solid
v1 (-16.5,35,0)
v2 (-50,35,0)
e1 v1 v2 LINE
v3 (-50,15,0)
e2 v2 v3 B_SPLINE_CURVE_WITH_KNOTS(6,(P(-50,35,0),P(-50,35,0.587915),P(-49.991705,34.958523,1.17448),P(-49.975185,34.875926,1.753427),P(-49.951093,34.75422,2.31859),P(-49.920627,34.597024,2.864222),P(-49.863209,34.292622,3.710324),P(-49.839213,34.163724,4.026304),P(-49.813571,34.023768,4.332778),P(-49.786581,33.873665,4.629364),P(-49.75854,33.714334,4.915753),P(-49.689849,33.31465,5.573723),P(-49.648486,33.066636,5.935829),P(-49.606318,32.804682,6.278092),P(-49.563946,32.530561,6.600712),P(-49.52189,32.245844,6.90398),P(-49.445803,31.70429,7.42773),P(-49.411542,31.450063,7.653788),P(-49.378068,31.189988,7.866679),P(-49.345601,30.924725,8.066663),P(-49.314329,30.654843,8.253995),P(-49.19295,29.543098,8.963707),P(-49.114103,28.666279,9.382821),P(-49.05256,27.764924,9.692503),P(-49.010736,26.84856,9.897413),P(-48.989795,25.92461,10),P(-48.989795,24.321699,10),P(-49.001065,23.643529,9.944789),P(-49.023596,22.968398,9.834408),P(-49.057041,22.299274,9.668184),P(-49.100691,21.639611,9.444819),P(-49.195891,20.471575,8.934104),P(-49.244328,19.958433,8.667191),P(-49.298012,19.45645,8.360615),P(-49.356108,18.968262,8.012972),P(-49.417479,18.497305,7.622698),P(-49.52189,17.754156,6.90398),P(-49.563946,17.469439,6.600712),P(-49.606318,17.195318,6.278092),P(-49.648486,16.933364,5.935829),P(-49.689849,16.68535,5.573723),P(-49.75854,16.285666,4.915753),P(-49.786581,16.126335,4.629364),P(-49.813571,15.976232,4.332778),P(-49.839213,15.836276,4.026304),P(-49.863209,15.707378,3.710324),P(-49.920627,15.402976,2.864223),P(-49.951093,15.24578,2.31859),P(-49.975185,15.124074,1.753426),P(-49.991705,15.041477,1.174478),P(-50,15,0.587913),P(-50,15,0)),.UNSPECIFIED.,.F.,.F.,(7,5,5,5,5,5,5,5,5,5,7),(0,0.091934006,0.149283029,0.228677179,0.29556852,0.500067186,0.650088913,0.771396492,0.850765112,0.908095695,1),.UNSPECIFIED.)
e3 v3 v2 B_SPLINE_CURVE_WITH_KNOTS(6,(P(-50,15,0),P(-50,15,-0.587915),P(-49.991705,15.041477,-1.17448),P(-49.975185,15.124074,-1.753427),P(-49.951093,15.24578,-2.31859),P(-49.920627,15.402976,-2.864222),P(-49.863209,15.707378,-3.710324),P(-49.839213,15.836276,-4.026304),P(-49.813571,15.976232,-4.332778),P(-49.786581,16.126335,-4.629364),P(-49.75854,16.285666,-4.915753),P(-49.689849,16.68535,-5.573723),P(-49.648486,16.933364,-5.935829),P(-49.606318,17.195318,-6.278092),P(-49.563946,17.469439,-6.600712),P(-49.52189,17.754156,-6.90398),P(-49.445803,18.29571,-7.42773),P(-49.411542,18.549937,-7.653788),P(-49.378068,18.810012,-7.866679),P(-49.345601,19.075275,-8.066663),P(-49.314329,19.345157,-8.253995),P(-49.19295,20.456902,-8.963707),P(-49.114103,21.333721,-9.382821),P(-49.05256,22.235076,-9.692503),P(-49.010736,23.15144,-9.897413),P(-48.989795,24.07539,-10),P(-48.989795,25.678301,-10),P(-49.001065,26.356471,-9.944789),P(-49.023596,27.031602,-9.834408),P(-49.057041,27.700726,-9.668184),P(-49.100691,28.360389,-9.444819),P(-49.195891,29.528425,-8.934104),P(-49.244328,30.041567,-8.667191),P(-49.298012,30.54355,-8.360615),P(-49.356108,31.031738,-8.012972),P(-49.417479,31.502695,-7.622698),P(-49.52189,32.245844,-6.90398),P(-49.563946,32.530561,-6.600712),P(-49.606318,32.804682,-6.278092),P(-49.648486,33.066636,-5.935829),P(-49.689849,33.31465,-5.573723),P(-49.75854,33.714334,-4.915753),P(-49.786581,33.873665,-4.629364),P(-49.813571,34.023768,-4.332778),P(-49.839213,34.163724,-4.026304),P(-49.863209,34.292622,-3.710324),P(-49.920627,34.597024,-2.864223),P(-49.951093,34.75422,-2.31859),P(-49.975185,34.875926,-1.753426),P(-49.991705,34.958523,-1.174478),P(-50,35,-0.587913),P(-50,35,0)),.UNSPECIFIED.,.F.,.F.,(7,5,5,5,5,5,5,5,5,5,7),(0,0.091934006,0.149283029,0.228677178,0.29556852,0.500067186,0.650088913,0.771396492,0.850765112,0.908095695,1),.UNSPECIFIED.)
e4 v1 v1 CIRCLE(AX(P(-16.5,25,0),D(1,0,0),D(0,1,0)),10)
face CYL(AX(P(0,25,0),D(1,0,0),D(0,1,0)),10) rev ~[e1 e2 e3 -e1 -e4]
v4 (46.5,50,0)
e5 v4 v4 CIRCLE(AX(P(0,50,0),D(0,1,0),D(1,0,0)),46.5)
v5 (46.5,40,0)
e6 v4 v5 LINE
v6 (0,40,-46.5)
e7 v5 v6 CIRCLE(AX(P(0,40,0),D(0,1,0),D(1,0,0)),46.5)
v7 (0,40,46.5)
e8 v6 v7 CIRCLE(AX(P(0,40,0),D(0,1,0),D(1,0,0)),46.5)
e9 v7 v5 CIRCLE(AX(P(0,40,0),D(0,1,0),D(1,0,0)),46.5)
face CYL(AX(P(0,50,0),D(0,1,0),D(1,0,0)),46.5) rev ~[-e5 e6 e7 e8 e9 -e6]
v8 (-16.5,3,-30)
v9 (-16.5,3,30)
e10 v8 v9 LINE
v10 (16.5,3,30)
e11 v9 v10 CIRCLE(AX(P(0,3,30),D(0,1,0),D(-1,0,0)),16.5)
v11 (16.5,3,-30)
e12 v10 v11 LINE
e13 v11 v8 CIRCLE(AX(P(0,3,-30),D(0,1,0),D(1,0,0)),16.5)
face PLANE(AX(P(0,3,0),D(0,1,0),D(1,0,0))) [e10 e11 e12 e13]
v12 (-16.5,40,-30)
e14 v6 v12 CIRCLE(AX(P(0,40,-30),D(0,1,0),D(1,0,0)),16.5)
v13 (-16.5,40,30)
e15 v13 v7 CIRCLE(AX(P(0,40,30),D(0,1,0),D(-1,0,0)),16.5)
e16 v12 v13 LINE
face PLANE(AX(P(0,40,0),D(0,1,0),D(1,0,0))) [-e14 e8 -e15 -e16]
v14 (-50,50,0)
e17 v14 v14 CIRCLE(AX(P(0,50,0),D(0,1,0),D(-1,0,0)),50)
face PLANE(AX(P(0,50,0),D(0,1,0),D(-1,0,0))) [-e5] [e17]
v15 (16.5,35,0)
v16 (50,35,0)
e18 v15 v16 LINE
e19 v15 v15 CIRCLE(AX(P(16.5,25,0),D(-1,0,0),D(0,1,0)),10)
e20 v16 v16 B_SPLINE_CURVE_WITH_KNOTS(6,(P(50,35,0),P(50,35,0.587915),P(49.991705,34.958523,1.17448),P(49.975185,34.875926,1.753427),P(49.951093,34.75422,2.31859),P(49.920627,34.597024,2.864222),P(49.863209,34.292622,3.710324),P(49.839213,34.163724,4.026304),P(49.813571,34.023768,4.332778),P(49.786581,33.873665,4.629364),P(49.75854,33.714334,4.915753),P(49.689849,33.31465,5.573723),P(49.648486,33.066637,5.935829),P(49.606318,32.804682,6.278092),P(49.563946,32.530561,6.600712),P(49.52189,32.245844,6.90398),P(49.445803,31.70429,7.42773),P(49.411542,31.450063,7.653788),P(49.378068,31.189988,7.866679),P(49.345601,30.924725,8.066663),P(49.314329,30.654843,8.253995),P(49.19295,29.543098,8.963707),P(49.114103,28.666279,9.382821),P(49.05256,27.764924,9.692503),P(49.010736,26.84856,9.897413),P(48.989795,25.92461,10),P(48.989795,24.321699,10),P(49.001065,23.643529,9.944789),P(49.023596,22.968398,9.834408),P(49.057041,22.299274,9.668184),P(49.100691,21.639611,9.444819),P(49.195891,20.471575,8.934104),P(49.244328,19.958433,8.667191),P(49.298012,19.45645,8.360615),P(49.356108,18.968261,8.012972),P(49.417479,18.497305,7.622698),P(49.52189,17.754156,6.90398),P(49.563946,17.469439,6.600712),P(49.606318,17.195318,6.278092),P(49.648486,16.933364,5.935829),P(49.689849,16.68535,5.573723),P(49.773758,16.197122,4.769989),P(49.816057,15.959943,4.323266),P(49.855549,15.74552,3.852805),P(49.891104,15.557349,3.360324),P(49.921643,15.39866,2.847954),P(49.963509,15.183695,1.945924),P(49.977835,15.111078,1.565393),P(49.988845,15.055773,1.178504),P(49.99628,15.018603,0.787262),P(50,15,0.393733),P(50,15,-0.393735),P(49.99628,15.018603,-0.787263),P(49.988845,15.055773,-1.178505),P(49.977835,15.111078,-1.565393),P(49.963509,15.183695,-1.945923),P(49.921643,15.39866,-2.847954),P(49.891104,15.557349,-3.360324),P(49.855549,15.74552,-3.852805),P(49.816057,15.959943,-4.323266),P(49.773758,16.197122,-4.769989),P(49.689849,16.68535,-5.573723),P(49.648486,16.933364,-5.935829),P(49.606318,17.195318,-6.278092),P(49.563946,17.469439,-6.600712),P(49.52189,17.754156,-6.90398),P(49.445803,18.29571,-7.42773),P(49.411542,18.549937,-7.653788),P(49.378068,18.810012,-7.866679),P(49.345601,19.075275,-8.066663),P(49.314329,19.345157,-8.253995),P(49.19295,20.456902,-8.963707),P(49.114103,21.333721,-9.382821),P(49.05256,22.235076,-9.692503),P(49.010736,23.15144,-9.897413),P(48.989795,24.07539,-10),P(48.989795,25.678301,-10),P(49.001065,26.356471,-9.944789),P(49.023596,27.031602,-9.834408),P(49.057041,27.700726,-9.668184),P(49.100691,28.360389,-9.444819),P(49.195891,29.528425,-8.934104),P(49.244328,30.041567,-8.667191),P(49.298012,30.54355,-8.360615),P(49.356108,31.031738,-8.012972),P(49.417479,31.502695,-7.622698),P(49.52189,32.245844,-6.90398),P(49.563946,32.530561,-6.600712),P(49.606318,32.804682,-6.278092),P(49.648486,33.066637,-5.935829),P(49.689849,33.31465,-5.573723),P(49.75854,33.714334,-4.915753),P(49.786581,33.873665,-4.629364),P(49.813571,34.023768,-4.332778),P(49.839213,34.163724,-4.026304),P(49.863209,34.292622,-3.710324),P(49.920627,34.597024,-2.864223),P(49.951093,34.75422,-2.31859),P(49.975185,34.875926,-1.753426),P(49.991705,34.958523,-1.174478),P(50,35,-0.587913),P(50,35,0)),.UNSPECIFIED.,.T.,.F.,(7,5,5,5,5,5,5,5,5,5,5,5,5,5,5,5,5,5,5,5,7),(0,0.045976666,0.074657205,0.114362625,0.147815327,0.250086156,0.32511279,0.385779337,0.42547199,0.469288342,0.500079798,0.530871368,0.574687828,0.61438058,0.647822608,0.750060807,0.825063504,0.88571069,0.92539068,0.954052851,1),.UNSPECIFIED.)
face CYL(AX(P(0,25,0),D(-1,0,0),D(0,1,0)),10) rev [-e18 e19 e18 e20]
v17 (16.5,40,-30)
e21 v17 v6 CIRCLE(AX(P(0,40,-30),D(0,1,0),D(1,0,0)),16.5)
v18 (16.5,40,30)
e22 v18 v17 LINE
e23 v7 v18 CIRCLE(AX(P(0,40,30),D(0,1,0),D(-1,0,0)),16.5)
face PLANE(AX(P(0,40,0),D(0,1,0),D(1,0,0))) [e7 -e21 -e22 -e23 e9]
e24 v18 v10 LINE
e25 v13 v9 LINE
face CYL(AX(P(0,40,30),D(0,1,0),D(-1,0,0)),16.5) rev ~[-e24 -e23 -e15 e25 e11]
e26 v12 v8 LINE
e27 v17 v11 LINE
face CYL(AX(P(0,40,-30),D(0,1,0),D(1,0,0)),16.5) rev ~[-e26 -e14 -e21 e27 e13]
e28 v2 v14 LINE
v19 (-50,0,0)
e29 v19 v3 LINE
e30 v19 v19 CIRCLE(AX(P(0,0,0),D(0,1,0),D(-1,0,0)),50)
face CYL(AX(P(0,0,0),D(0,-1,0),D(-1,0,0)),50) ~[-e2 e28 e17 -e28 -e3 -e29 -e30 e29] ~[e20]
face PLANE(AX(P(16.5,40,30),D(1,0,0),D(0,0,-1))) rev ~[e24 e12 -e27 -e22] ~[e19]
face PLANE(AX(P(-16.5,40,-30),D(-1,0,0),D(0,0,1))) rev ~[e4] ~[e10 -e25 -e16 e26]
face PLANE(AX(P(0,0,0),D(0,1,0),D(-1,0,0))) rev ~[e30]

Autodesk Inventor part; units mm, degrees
ref_plane "YZ Plane" through (0, 0, 0) normal (1, 0, 0) x (0, 1, 0)
ref_plane "XZ Plane" through (0, 0, 0) normal (0, 1, 0) x (-1, 0, 0)
ref_plane "XY Plane" through (0, 0, 0) normal (0, 0, 1) x (1, 0, 0)
sketch "Sketch1" plane through (0, 0, 0) normal (0, 1, 0) x (-1, 0, 0)
  circle A0 centre (0, 0) radius 50
  dimension "d0" = 100
extrude "Extrusion1" add sketch "Sketch1" along normal blind 50
sketch "Sketch2" plane through (0, 50, 0) normal (0, 1, 0) x (1, 0, 0)
  circle A0 centre (0, 0) radius 46.5
  dimension "d3" = 93
extrude "Extrusion2" cut sketch "Sketch2" against normal blind 10
sketch "Sketch3" plane through (0, 40, 0) normal (0, 1, 0) x (1, 0, 0)
  line L0 (0, -30) -> (0, 30) construction
  line L1 (16.5, -30) -> (16.5, 30)
  line L2 (-16.5, 30) -> (-16.5, -30)
  arc A0 (-16.5, -30) -> (16.5, -30) centre (0, -30) ccw
  arc A1 (16.5, 30) -> (-16.5, 30) centre (0, 30) ccw
  point P0 (0, 0)
  point P1 (0, 0)
  dimension "d6" = 60
extrude "Extrusion3" cut sketch "Sketch3" against normal blind 37
sketch "Sketch4" plane through (0, 0, 0) normal (1, 0, 0) x (0, 1, 0)
  circle A0 centre (25, 0) radius 10
  point P0 (0, 0)
  dimension "d9" = 20
extrude "Extrusion4" cut sketch "Sketch4" along normal through all both and the other way through all
sketch "Sketch5" plane through (0, 0, 0) normal (1, 0, 0) x (0, 1, 0)
  circle A0 centre (25, 0) radius 10 projected
  circle A1 centre (25, 0) radius 10
  point P0 (0, 0)
properties part number "piston"
